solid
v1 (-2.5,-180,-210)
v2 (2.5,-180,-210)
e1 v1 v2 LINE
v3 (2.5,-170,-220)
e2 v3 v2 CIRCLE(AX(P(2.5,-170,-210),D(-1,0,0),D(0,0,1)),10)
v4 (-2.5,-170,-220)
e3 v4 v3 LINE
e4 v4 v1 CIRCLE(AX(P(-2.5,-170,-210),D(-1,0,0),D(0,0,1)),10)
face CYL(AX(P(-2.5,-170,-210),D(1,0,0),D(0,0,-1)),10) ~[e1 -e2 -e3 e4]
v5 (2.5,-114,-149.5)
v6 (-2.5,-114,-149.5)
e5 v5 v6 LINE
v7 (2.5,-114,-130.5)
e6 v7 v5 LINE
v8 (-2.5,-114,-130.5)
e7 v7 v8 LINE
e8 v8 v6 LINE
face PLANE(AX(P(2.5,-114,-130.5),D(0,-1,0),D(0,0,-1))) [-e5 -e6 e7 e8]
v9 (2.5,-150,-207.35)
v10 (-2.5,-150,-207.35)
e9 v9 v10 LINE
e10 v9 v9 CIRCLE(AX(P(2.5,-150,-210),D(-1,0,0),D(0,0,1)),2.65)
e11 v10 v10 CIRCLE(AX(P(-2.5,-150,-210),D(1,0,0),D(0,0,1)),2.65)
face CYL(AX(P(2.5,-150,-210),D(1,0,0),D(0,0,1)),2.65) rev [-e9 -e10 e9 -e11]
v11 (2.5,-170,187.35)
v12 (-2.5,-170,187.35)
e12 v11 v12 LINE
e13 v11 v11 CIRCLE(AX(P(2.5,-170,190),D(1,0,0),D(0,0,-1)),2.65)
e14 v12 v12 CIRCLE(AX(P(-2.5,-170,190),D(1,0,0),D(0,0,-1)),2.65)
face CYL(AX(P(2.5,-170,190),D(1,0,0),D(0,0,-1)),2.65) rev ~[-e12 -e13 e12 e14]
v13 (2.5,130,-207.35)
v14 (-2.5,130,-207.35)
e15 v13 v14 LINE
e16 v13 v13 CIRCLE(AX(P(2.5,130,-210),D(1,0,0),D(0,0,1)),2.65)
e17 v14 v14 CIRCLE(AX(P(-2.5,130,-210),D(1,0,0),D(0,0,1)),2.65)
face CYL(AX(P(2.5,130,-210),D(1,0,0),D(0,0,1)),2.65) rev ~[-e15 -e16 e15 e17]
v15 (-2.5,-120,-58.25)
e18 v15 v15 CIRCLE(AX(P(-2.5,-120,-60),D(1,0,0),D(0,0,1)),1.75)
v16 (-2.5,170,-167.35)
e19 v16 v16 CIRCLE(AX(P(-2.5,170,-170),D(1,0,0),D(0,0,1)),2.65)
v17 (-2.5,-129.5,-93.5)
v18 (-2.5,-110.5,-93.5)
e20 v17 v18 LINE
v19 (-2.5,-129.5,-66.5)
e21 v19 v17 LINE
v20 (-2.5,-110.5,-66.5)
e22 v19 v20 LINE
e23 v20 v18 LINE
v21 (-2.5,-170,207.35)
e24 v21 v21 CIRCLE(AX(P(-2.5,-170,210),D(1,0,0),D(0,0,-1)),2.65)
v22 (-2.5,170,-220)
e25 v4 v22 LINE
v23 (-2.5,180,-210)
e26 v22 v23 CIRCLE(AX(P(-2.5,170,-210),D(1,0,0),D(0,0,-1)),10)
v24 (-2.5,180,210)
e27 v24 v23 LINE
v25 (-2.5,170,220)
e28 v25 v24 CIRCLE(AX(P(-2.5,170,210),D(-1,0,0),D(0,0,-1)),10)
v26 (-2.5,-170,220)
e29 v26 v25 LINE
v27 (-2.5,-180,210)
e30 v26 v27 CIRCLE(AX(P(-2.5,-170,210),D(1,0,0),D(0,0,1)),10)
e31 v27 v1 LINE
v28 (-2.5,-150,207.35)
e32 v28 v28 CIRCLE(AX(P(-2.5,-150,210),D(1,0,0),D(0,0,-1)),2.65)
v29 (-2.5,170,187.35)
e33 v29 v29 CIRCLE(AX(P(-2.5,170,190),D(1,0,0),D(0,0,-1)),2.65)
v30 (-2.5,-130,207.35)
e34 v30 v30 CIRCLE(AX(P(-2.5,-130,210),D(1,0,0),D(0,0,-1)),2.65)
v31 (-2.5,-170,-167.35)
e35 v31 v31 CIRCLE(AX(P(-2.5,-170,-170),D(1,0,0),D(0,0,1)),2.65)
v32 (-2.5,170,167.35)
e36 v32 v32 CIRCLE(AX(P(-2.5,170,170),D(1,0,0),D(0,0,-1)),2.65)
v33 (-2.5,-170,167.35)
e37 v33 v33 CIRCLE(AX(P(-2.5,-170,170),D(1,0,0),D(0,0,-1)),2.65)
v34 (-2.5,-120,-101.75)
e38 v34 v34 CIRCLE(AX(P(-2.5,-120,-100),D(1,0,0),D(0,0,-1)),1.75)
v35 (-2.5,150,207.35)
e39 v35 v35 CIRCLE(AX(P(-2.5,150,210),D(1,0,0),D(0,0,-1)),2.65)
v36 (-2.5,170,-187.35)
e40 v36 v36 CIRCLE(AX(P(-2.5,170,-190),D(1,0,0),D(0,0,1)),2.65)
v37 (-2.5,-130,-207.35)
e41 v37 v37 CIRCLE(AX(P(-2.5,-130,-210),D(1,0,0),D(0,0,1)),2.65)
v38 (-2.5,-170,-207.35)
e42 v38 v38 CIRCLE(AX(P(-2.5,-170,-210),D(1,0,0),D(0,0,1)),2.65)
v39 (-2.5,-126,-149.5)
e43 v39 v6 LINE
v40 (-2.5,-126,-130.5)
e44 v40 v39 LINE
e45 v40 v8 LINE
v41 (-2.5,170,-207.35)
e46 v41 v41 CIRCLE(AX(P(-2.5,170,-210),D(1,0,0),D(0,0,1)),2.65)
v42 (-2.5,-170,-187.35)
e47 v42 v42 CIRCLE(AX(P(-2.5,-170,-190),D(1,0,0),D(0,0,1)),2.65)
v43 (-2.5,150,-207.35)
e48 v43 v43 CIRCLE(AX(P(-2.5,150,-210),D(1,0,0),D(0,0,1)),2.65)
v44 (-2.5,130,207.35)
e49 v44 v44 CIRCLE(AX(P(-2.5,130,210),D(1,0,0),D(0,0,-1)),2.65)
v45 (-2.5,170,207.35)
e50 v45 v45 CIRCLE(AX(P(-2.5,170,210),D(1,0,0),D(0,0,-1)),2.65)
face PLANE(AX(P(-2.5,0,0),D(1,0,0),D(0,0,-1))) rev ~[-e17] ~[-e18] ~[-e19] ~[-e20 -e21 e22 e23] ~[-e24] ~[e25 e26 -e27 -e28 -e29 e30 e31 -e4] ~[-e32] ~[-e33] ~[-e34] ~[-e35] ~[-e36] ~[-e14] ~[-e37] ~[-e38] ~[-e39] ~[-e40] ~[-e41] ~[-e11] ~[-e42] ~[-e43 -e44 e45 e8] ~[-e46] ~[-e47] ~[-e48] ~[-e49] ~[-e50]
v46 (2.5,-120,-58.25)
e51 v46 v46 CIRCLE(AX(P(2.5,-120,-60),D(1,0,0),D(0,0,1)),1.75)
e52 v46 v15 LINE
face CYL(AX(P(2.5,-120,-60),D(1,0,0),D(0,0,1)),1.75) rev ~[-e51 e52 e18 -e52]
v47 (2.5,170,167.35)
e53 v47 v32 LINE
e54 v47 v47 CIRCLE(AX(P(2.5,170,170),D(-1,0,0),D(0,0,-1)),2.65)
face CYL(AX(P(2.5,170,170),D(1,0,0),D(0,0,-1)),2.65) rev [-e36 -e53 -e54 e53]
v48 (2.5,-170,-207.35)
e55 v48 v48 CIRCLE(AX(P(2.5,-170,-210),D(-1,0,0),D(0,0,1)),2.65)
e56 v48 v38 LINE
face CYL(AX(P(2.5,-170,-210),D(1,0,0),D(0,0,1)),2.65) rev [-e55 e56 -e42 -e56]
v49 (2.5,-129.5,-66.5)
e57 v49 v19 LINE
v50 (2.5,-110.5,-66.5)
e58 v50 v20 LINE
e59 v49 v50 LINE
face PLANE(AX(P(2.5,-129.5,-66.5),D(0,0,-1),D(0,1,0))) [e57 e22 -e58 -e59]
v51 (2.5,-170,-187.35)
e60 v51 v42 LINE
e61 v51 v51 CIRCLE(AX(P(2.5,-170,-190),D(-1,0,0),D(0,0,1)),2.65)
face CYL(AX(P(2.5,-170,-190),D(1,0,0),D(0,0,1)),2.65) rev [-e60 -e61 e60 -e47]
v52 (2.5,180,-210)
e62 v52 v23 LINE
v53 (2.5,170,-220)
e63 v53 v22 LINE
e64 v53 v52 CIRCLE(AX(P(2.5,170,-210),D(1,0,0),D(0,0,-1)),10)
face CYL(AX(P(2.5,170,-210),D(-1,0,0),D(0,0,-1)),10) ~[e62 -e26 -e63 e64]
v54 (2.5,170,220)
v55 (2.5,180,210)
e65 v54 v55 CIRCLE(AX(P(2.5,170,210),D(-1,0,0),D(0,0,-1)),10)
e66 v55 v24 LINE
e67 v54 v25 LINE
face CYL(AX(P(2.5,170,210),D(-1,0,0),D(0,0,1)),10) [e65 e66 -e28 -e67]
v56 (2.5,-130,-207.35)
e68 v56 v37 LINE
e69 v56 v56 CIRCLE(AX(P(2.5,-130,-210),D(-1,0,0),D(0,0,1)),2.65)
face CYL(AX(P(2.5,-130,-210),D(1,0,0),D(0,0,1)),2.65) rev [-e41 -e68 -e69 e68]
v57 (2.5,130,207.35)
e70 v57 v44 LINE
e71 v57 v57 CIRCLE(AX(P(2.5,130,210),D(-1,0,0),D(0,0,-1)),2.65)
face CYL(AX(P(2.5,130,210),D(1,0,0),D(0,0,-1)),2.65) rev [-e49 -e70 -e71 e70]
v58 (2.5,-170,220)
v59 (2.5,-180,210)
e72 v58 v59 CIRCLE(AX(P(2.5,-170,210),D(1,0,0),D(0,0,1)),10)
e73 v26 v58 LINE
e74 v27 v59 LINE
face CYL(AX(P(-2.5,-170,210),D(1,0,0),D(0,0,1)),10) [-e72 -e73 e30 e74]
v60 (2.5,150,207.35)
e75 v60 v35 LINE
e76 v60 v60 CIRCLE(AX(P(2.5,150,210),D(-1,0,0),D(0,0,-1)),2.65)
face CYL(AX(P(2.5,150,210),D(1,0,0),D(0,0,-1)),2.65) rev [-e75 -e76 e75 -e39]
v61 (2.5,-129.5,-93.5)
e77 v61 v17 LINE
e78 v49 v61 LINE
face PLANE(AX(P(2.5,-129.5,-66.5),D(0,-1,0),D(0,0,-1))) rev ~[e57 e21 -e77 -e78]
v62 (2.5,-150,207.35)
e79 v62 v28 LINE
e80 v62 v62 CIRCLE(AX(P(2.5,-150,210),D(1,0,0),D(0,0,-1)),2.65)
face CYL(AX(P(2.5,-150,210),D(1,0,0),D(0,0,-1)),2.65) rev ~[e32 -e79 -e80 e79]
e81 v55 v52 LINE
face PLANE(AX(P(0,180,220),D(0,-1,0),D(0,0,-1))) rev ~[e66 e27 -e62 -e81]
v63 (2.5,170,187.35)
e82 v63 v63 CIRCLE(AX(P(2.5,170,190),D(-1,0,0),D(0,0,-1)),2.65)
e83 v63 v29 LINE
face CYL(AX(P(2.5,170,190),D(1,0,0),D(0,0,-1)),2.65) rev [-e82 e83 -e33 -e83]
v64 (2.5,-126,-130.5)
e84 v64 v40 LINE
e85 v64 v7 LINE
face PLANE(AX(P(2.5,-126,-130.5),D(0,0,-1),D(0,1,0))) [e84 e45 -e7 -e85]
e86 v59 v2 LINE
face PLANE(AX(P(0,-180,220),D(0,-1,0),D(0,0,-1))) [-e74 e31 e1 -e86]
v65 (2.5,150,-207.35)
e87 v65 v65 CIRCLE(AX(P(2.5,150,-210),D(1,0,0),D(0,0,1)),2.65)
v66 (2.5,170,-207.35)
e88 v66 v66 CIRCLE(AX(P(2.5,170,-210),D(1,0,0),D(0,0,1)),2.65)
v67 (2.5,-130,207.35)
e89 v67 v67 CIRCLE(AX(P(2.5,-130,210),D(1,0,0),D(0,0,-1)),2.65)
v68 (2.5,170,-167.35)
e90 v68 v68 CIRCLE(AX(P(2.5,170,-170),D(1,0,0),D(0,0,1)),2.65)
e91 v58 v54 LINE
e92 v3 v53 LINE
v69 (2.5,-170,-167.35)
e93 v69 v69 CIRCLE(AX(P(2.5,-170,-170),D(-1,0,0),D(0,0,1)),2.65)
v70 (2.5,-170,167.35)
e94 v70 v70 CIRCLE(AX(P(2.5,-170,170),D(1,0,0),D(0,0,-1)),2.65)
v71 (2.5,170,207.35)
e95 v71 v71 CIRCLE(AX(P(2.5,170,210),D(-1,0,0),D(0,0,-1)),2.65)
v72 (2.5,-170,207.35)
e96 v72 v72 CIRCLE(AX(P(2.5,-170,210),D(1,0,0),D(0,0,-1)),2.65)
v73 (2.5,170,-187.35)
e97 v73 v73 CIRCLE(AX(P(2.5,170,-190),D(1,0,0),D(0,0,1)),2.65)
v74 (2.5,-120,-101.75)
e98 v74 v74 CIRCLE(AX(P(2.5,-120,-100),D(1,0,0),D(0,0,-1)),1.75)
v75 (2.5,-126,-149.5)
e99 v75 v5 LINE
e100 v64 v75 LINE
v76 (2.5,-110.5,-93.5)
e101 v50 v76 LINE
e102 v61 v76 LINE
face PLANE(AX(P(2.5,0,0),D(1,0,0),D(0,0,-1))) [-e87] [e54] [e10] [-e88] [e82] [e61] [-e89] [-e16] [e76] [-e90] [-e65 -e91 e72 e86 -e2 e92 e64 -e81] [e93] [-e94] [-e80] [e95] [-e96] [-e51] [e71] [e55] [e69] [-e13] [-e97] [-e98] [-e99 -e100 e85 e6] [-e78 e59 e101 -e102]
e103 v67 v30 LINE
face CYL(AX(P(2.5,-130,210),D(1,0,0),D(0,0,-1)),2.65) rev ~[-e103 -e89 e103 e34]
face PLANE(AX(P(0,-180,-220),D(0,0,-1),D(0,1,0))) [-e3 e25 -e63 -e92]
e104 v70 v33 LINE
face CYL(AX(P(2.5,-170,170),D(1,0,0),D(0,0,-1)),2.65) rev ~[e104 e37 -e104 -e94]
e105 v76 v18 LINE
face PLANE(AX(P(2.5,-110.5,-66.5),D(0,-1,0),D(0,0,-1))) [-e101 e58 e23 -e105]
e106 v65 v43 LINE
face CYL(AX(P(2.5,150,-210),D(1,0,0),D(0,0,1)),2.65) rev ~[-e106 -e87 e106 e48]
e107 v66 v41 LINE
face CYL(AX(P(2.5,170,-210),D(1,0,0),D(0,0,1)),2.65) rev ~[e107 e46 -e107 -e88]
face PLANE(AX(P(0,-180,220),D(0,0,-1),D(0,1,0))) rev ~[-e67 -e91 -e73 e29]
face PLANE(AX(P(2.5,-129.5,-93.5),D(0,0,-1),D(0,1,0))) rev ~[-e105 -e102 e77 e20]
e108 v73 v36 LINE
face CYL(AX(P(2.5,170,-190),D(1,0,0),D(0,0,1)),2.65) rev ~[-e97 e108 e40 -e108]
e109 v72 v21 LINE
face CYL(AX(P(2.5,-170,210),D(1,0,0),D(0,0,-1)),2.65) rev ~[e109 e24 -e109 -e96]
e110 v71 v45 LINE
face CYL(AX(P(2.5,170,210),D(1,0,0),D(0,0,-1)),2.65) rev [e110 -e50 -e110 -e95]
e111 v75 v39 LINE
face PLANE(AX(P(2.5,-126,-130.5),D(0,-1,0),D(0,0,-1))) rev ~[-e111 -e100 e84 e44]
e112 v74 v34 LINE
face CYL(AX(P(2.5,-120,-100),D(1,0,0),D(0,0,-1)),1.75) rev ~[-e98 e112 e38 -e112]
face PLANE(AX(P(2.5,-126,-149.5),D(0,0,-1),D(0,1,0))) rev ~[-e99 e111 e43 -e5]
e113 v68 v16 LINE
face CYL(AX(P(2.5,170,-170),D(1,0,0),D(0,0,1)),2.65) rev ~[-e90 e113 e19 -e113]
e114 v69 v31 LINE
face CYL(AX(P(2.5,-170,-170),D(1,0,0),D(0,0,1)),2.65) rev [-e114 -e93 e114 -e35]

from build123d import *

# Parameters (mm, degrees)
ESBO_O1_W                 = 440
ESBO_O1_H                 = 360
RESSALTO_EXTRUS_O1_DEPTH  = 2.5
FILETE1_R                 = 10
ESBO_O2_R                 = 2.65
CORTE_EXTRUS_O1_DEPTH     = 285.297379517
ESPELHAR2_COPY_1_SKETCH_R = 2.65
ESPELHAR2_COPY_1_DEPTH    = 285.297379517
ESPELHAR2_COPY_2_SKETCH_R = 2.65
ESPELHAR2_COPY_2_DEPTH    = 285.297379517
ESBO_O3_R                 = 1.75
ESBO_O3_W                 = 27
ESBO_O3_H                 = 19
ESBO_O3_W_2               = 19
ESBO_O3_H_2               = 12
CORTE_EXTRUS_O2_DEPTH     = 285.297379517


with BuildPart() as part:
    # Esboço1 → Ressalto-extrusão1 (new, symmetric)
    with BuildSketch(Plane(origin=(0, 0, 0), x_dir=(0, 0, -1), z_dir=(1, 0, 0))):
        Rectangle(ESBO_O1_W, ESBO_O1_H)
    extrude(amount=RESSALTO_EXTRUS_O1_DEPTH, both=True)

    # Filete1
    filete1_edges = [part.edges().sort_by_distance(p)[0] for p in [
        (0, 180, -220),
        (0, -180, -220),
        (0, -180, 220),
        (0, 180, 220),
    ]]
    fillet(filete1_edges, radius=FILETE1_R)

    # Esboço2 → Corte-extrusão1 (cut, through all)
    with BuildSketch(Plane(origin=(2.5, 0, 0), x_dir=(0, 0, -1), z_dir=(1, 0, 0))):
        with Locations((-210, -170)):
            Circle(ESBO_O2_R)
        with Locations((-190, -170)):
            Circle(ESBO_O2_R)
        with Locations((-170, -170)):
            Circle(ESBO_O2_R)
        with Locations((-210, -150)):
            Circle(ESBO_O2_R)
        with Locations((-210, -130)):
            Circle(ESBO_O2_R)
    corte_extrus_o1 = extrude(amount=-CORTE_EXTRUS_O1_DEPTH, mode=Mode.SUBTRACT)

    # Espelhar1: Corte-extrusão1 across plane
    add(corte_extrus_o1.mirror(Plane.XY), mode=Mode.SUBTRACT)

    # Espelhar2 copy 1 sketch → Espelhar2 copy 1 (cut, through all)
    with BuildSketch(Plane(origin=(2.5, 0, 0), x_dir=(0, 0, 1), z_dir=(1, 0, 0))):
        with Locations((-210, -170)):
            Circle(ESPELHAR2_COPY_1_SKETCH_R)
        with Locations((-190, -170)):
            Circle(ESPELHAR2_COPY_1_SKETCH_R)
        with Locations((-170, -170)):
            Circle(ESPELHAR2_COPY_1_SKETCH_R)
        with Locations((-210, -150)):
            Circle(ESPELHAR2_COPY_1_SKETCH_R)
        with Locations((-210, -130)):
            Circle(ESPELHAR2_COPY_1_SKETCH_R)
    extrude(amount=-ESPELHAR2_COPY_1_DEPTH, mode=Mode.SUBTRACT)

    # Espelhar2 copy 2 sketch → Espelhar2 copy 2 (cut, through all)
    with BuildSketch(Plane(origin=(2.5, 0, 0), x_dir=(0, 0, -1), z_dir=(1, 0, 0))):
        with Locations((-210, 170)):
            Circle(ESPELHAR2_COPY_2_SKETCH_R)
        with Locations((-190, 170)):
            Circle(ESPELHAR2_COPY_2_SKETCH_R)
        with Locations((-170, 170)):
            Circle(ESPELHAR2_COPY_2_SKETCH_R)
        with Locations((-210, 150)):
            Circle(ESPELHAR2_COPY_2_SKETCH_R)
        with Locations((-210, 130)):
            Circle(ESPELHAR2_COPY_2_SKETCH_R)
    extrude(amount=-ESPELHAR2_COPY_2_DEPTH, mode=Mode.SUBTRACT)

    # Esboço3 → Corte-extrusão2 (cut, through all)
    with BuildSketch(Plane(origin=(2.5, 0, 0), x_dir=(0, 0, -1), z_dir=(1, 0, 0))):
        with Locations((100, -120)):
            Circle(ESBO_O3_R)
        with Locations((60, -120)):
            Circle(ESBO_O3_R)
        with Locations((80, -120)):
            Rectangle(ESBO_O3_W, ESBO_O3_H)
        with Locations((140, -120)):
            Rectangle(ESBO_O3_W_2, ESBO_O3_H_2)
    extrude(amount=-CORTE_EXTRUS_O2_DEPTH, mode=Mode.SUBTRACT)


solid = part.part
